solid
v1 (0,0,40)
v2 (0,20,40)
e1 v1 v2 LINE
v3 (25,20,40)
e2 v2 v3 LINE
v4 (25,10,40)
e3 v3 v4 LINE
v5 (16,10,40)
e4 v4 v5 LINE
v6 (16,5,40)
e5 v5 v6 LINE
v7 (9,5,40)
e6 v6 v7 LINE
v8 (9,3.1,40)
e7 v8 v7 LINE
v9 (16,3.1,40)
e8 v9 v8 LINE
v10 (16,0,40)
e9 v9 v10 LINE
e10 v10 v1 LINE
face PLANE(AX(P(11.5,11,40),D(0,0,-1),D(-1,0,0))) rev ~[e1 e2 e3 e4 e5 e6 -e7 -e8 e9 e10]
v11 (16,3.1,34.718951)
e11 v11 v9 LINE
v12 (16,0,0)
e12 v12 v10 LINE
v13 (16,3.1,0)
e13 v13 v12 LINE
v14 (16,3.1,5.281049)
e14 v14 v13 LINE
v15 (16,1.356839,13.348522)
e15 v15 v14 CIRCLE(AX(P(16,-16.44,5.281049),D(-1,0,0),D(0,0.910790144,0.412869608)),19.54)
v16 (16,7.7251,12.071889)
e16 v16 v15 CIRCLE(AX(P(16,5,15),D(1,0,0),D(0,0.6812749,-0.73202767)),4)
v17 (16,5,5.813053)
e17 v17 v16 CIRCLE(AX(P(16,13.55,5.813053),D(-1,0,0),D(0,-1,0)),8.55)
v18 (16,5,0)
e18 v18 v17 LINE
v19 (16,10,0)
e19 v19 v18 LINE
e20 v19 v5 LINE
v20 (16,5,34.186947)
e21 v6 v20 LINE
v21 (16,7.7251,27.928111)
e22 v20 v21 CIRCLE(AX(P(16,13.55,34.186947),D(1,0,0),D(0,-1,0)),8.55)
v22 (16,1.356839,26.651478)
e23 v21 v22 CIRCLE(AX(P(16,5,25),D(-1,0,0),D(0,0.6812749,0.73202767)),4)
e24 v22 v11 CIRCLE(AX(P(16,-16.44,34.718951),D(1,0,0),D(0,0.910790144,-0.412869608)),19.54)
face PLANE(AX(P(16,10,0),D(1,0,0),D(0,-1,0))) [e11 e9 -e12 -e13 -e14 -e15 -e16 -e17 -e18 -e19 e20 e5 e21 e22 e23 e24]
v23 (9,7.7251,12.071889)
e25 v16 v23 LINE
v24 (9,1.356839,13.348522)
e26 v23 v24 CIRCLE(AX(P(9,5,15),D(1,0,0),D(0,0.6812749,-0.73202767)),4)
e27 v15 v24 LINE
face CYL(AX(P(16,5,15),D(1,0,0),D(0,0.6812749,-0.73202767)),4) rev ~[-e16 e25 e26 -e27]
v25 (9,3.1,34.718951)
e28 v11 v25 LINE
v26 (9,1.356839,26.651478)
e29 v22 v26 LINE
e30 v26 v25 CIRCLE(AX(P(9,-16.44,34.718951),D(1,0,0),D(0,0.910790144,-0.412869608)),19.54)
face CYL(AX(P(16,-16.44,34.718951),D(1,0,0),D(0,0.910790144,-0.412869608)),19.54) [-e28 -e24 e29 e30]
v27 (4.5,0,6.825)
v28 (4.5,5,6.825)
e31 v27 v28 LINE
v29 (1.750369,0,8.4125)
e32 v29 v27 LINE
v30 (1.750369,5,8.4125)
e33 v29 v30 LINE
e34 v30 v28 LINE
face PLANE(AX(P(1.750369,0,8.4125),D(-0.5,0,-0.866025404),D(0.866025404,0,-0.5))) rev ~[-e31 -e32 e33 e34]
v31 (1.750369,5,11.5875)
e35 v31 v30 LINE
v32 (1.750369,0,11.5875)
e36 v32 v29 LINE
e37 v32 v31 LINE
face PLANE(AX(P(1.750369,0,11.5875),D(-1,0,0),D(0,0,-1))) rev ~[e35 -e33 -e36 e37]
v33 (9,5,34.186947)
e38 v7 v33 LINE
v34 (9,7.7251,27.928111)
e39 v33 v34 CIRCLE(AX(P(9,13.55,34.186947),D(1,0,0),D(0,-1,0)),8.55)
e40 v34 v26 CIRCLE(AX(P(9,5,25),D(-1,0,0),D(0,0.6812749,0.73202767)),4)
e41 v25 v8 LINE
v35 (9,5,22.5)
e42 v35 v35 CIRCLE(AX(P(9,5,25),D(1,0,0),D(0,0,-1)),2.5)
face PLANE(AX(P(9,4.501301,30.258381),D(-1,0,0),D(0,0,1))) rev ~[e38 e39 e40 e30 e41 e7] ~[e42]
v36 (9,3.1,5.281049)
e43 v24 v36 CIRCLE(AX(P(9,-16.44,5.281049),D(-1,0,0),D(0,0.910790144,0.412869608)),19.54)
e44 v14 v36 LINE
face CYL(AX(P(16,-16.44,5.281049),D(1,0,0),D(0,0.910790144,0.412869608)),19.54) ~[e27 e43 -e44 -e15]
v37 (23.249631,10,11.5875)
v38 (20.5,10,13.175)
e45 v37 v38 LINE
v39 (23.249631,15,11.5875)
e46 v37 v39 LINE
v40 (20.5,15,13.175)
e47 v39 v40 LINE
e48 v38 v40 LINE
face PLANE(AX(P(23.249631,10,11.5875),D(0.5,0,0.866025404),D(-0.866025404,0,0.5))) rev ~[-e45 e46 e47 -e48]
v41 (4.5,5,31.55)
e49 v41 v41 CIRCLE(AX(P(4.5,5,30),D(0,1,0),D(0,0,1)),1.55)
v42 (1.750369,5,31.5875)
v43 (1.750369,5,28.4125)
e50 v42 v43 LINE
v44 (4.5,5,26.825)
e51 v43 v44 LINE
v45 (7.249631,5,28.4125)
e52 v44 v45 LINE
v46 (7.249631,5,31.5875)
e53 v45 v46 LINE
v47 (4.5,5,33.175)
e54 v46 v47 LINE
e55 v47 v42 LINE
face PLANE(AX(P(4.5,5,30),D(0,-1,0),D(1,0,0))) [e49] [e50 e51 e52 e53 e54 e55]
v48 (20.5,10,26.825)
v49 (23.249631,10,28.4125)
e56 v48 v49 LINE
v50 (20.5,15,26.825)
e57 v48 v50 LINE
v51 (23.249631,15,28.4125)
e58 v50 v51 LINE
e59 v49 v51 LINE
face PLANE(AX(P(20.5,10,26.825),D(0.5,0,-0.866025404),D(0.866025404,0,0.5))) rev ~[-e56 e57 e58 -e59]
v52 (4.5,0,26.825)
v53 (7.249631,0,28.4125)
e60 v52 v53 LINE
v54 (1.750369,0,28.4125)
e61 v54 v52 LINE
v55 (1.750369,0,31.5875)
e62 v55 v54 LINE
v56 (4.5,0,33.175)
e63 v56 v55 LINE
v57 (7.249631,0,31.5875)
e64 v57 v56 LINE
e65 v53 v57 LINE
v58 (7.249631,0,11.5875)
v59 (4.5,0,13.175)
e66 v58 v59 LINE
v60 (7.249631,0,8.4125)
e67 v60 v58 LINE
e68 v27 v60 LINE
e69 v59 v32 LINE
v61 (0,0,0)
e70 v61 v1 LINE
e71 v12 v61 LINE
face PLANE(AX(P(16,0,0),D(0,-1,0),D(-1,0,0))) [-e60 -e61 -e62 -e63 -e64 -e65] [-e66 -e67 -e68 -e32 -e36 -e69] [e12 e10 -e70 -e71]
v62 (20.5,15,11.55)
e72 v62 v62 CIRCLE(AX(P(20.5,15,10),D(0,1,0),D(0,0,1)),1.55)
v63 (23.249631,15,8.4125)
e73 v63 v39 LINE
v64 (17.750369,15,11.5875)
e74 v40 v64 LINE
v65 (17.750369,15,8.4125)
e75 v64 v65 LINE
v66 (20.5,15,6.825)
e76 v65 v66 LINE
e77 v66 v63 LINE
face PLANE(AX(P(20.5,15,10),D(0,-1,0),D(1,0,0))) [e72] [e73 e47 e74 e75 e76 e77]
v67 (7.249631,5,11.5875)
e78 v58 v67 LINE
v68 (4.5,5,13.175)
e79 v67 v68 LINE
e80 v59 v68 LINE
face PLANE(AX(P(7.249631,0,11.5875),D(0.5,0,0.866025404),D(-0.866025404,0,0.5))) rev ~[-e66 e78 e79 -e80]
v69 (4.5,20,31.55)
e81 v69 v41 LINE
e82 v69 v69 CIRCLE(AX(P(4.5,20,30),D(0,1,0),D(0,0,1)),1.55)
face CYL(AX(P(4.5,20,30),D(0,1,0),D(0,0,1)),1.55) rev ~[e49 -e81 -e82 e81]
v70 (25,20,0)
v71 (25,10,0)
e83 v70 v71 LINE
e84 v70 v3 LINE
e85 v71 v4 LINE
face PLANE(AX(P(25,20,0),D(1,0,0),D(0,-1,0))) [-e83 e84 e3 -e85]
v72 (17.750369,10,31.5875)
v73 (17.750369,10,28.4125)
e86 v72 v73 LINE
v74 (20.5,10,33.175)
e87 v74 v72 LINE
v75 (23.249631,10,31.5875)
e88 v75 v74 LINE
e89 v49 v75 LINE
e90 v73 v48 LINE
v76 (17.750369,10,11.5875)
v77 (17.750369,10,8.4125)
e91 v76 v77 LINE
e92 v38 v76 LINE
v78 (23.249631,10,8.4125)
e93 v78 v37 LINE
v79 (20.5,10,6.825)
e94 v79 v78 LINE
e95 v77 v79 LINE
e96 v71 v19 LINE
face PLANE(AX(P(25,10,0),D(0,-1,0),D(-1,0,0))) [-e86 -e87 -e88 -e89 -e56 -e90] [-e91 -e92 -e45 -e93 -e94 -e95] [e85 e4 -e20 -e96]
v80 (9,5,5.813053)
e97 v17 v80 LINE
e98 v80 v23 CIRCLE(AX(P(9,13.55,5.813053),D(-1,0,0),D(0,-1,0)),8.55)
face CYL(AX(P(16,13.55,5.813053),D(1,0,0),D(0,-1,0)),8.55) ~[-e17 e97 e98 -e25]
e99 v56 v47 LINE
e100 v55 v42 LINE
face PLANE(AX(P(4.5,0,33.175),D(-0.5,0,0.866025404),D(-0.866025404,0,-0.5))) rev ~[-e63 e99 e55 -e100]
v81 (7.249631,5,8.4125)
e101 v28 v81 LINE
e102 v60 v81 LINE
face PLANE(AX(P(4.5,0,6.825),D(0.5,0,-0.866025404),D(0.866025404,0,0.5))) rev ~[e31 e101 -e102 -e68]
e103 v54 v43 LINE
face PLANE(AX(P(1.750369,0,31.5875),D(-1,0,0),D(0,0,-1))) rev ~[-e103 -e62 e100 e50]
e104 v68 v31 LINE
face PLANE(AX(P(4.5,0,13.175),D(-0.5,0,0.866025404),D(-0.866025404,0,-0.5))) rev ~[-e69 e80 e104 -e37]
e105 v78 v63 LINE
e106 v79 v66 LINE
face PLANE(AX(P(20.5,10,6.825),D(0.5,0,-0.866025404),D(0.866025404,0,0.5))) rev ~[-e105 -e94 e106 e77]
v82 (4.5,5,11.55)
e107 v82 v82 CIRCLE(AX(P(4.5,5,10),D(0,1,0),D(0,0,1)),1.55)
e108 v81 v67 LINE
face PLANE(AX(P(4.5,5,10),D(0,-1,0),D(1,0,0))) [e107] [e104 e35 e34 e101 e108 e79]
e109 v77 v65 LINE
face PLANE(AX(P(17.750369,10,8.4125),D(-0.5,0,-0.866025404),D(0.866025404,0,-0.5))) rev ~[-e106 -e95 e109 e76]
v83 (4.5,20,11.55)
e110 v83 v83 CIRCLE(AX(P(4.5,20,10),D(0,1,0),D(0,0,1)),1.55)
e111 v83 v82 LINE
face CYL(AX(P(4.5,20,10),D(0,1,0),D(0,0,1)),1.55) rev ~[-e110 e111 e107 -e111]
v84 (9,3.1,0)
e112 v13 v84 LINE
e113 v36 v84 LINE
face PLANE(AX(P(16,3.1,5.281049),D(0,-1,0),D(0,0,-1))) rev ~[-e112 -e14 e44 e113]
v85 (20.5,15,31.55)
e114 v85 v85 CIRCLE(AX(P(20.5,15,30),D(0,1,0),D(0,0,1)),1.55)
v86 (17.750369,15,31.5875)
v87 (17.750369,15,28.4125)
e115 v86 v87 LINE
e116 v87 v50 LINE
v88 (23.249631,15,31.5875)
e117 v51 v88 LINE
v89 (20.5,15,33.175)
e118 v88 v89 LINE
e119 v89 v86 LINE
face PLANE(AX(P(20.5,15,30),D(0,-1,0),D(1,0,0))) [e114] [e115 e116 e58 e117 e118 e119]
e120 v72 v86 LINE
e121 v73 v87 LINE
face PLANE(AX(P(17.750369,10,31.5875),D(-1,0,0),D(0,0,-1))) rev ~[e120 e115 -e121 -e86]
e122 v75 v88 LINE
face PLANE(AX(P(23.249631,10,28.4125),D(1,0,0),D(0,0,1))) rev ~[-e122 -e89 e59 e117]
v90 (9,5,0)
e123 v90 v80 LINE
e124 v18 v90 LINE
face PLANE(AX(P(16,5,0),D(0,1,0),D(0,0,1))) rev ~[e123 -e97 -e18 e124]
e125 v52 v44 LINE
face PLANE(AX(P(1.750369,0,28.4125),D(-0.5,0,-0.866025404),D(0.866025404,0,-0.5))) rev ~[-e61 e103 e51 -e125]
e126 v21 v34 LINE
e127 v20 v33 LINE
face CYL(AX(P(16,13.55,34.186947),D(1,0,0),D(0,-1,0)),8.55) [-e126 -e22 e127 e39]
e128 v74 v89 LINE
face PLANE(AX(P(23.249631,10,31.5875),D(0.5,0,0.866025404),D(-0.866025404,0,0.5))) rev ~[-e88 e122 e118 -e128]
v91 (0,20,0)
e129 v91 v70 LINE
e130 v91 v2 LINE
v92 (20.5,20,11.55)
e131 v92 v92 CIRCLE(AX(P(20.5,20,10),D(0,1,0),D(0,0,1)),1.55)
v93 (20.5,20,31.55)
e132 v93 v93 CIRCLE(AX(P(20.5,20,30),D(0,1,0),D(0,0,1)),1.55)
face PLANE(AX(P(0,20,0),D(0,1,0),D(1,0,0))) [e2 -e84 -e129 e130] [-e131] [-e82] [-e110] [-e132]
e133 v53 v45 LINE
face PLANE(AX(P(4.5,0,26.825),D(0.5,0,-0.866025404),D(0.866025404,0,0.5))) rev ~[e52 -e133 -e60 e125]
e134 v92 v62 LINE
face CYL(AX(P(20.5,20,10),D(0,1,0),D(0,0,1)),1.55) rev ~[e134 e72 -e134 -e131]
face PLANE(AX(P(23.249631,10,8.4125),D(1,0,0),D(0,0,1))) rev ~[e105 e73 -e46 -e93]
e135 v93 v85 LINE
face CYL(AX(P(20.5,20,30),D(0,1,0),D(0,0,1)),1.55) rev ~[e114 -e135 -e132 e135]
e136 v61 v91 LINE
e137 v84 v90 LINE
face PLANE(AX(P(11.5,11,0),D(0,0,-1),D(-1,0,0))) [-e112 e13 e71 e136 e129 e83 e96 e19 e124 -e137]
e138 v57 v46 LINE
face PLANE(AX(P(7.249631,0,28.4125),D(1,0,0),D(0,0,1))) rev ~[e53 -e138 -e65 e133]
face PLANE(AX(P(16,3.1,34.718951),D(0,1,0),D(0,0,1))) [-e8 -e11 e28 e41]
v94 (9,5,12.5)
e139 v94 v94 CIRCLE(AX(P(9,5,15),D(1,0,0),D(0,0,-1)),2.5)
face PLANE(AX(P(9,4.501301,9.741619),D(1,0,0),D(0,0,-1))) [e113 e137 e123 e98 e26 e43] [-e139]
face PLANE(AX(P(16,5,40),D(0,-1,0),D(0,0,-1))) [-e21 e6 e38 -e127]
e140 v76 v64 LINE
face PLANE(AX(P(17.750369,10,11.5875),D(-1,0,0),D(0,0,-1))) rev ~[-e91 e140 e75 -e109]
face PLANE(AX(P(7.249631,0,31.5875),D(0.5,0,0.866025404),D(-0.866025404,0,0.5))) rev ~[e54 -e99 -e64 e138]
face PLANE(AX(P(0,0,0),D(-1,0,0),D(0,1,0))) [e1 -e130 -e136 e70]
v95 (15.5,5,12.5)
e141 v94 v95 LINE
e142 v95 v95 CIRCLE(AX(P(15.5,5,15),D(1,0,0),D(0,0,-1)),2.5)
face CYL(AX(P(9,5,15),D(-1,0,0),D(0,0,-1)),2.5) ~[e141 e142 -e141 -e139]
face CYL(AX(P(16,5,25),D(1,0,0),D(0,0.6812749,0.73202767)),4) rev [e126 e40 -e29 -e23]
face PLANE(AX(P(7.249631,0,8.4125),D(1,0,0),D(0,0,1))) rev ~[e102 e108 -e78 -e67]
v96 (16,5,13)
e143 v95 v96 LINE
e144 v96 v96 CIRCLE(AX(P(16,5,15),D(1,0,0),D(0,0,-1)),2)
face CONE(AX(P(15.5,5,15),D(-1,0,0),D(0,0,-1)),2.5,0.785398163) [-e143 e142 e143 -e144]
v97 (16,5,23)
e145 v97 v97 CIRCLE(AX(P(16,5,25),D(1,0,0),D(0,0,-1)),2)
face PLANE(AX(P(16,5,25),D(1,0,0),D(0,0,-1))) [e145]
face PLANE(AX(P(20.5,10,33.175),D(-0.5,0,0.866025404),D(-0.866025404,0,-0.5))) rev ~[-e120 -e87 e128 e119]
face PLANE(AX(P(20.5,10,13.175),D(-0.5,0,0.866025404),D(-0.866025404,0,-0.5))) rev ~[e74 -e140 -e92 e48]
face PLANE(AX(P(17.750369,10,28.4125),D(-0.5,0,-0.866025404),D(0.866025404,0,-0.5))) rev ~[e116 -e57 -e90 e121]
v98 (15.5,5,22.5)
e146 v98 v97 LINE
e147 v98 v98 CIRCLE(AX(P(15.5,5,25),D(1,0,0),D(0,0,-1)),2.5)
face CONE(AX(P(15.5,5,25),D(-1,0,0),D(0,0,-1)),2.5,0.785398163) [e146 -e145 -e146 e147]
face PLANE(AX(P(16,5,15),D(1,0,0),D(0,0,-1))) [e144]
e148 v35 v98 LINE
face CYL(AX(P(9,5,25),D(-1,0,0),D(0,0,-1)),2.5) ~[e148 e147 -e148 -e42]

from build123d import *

# Parameters (mm, degrees)
BOSS_EXTRUDE1_DEPTH = 40
SKETCH2_R           = 1.55
CUT_EXTRUDE1_DEPTH  = 52.23475383
CUT_EXTRUDE2_DEPTH  = 7
SKETCH4_R           = 2.5
BOSS_EXTRUDE2_DEPTH = 7
CHAMFER1_SIZE       = 0.5
CUT_EXTRUDE3_DEPTH  = 5
CUT_EXTRUDE4_DEPTH  = 5


with BuildPart() as part:
    # Sketch1 → Boss-Extrude1 (new body)
    with BuildSketch(Plane.XY):
        Polygon((16, 0), (0, 0), (0, 20), (25, 20), (25, 10), (16, 10), align=None)
    extrude(amount=BOSS_EXTRUDE1_DEPTH)

    # Sketch2 → Cut-Extrude1 (cut, through all)
    with BuildSketch(Plane(origin=(0, 20, 0), x_dir=(1, 0, 0), z_dir=(0, 1, 0))):
        with Locations(Location((4.5, -10, 0), (0, 0, 270))):
            Circle(SKETCH2_R)
        with Locations(Location((20.5, -10, 0), (0, 0, 270))):
            Circle(SKETCH2_R)
        with Locations(Location((4.5, -30, 0), (0, 0, 270))):
            Circle(SKETCH2_R)
        with Locations(Location((20.5, -30, 0), (0, 0, 270))):
            Circle(SKETCH2_R)
    extrude(amount=-CUT_EXTRUDE1_DEPTH, mode=Mode.SUBTRACT)

    # Sketch3 → Cut-Extrude2 (cut)
    with BuildSketch(Plane(origin=(16, 0, 0), x_dir=(0, 0, -1), z_dir=(1, 0, 0))):
        with BuildLine():
            Line((-40, 5), (-34.186947262, 5))
            ThreePointArc((-34.186947262, 5), (-30.77376681, 5.710822798), (-27.928110681, 7.725099602))
            ThreePointArc((-27.928110681, 7.725099602), (-21.078030656, 5.78622927), (-26.65147843, 1.356839422))
            ThreePointArc((-26.65147843, 1.356839422), (-30.592126256, 2.659238759), (-34.718950561, 3.1))
            Line((-34.718950561, 3.1), (-40, 3.1))
            Line((-40, 3.1), (-40, 5))
        make_face()
        with BuildLine():
            Line((0, 5), (-5.813052738, 5))
            ThreePointArc((-5.813052738, 5), (-9.22623319, 5.710822798), (-12.071889319, 7.725099602))
            ThreePointArc((-12.071889319, 7.725099602), (-18.921969344, 5.78622927), (-13.34852157, 1.356839422))
            ThreePointArc((-13.34852157, 1.356839422), (-9.407873744, 2.659238759), (-5.281049439, 3.1))
            Line((-5.281049439, 3.1), (0, 3.1))
            Line((0, 3.1), (0, 5))
        make_face()
    extrude(amount=-CUT_EXTRUDE2_DEPTH, mode=Mode.SUBTRACT)

    # Sketch4 → Boss-Extrude2 (add)
    with BuildSketch(Plane(origin=(9, 0, 0), x_dir=(0, 0, -1), z_dir=(1, 0, 0))):
        with Locations((-25, 5)):
            Circle(SKETCH4_R)
        with Locations((-15, 5)):
            Circle(SKETCH4_R)
    extrude(amount=BOSS_EXTRUDE2_DEPTH)

    # Chamfer1
    chamfer1_edges = [part.edges().sort_by_distance(p)[0] for p in [
        (16, 5, 27.5),
        (16, 5, 17.5),
    ]]
    chamfer(chamfer1_edges, length=CHAMFER1_SIZE)

    # Sketch5 → Cut-Extrude3 (cut)
    with BuildSketch(Plane.XZ):
        Polygon((7.249630657, 11.5875), (4.5, 13.175), (1.750369343, 11.5875), (1.750369343, 8.4125), (4.5, 6.825), (7.249630657, 8.4125), align=None)
        Polygon((7.249630657, 31.5875), (4.5, 33.175), (1.750369343, 31.5875), (1.750369343, 28.4125), (4.5, 26.825), (7.249630657, 28.4125), align=None)
    extrude(amount=-CUT_EXTRUDE3_DEPTH, mode=Mode.SUBTRACT)

    # Sketch6 → Cut-Extrude4 (cut)
    with BuildSketch(Plane.XZ.offset(-10)):
        Polygon((23.249630657, 11.5875), (20.5, 13.175), (17.750369343, 11.5875), (17.750369343, 8.4125), (20.5, 6.825), (23.249630657, 8.4125), align=None)
        Polygon((23.249630657, 28.4125), (23.249630657, 31.5875), (20.5, 33.175), (17.750369343, 31.5875), (17.750369343, 28.4125), (20.5, 26.825), align=None)
    extrude(amount=-CUT_EXTRUDE4_DEPTH, mode=Mode.SUBTRACT)


solid = part.part
